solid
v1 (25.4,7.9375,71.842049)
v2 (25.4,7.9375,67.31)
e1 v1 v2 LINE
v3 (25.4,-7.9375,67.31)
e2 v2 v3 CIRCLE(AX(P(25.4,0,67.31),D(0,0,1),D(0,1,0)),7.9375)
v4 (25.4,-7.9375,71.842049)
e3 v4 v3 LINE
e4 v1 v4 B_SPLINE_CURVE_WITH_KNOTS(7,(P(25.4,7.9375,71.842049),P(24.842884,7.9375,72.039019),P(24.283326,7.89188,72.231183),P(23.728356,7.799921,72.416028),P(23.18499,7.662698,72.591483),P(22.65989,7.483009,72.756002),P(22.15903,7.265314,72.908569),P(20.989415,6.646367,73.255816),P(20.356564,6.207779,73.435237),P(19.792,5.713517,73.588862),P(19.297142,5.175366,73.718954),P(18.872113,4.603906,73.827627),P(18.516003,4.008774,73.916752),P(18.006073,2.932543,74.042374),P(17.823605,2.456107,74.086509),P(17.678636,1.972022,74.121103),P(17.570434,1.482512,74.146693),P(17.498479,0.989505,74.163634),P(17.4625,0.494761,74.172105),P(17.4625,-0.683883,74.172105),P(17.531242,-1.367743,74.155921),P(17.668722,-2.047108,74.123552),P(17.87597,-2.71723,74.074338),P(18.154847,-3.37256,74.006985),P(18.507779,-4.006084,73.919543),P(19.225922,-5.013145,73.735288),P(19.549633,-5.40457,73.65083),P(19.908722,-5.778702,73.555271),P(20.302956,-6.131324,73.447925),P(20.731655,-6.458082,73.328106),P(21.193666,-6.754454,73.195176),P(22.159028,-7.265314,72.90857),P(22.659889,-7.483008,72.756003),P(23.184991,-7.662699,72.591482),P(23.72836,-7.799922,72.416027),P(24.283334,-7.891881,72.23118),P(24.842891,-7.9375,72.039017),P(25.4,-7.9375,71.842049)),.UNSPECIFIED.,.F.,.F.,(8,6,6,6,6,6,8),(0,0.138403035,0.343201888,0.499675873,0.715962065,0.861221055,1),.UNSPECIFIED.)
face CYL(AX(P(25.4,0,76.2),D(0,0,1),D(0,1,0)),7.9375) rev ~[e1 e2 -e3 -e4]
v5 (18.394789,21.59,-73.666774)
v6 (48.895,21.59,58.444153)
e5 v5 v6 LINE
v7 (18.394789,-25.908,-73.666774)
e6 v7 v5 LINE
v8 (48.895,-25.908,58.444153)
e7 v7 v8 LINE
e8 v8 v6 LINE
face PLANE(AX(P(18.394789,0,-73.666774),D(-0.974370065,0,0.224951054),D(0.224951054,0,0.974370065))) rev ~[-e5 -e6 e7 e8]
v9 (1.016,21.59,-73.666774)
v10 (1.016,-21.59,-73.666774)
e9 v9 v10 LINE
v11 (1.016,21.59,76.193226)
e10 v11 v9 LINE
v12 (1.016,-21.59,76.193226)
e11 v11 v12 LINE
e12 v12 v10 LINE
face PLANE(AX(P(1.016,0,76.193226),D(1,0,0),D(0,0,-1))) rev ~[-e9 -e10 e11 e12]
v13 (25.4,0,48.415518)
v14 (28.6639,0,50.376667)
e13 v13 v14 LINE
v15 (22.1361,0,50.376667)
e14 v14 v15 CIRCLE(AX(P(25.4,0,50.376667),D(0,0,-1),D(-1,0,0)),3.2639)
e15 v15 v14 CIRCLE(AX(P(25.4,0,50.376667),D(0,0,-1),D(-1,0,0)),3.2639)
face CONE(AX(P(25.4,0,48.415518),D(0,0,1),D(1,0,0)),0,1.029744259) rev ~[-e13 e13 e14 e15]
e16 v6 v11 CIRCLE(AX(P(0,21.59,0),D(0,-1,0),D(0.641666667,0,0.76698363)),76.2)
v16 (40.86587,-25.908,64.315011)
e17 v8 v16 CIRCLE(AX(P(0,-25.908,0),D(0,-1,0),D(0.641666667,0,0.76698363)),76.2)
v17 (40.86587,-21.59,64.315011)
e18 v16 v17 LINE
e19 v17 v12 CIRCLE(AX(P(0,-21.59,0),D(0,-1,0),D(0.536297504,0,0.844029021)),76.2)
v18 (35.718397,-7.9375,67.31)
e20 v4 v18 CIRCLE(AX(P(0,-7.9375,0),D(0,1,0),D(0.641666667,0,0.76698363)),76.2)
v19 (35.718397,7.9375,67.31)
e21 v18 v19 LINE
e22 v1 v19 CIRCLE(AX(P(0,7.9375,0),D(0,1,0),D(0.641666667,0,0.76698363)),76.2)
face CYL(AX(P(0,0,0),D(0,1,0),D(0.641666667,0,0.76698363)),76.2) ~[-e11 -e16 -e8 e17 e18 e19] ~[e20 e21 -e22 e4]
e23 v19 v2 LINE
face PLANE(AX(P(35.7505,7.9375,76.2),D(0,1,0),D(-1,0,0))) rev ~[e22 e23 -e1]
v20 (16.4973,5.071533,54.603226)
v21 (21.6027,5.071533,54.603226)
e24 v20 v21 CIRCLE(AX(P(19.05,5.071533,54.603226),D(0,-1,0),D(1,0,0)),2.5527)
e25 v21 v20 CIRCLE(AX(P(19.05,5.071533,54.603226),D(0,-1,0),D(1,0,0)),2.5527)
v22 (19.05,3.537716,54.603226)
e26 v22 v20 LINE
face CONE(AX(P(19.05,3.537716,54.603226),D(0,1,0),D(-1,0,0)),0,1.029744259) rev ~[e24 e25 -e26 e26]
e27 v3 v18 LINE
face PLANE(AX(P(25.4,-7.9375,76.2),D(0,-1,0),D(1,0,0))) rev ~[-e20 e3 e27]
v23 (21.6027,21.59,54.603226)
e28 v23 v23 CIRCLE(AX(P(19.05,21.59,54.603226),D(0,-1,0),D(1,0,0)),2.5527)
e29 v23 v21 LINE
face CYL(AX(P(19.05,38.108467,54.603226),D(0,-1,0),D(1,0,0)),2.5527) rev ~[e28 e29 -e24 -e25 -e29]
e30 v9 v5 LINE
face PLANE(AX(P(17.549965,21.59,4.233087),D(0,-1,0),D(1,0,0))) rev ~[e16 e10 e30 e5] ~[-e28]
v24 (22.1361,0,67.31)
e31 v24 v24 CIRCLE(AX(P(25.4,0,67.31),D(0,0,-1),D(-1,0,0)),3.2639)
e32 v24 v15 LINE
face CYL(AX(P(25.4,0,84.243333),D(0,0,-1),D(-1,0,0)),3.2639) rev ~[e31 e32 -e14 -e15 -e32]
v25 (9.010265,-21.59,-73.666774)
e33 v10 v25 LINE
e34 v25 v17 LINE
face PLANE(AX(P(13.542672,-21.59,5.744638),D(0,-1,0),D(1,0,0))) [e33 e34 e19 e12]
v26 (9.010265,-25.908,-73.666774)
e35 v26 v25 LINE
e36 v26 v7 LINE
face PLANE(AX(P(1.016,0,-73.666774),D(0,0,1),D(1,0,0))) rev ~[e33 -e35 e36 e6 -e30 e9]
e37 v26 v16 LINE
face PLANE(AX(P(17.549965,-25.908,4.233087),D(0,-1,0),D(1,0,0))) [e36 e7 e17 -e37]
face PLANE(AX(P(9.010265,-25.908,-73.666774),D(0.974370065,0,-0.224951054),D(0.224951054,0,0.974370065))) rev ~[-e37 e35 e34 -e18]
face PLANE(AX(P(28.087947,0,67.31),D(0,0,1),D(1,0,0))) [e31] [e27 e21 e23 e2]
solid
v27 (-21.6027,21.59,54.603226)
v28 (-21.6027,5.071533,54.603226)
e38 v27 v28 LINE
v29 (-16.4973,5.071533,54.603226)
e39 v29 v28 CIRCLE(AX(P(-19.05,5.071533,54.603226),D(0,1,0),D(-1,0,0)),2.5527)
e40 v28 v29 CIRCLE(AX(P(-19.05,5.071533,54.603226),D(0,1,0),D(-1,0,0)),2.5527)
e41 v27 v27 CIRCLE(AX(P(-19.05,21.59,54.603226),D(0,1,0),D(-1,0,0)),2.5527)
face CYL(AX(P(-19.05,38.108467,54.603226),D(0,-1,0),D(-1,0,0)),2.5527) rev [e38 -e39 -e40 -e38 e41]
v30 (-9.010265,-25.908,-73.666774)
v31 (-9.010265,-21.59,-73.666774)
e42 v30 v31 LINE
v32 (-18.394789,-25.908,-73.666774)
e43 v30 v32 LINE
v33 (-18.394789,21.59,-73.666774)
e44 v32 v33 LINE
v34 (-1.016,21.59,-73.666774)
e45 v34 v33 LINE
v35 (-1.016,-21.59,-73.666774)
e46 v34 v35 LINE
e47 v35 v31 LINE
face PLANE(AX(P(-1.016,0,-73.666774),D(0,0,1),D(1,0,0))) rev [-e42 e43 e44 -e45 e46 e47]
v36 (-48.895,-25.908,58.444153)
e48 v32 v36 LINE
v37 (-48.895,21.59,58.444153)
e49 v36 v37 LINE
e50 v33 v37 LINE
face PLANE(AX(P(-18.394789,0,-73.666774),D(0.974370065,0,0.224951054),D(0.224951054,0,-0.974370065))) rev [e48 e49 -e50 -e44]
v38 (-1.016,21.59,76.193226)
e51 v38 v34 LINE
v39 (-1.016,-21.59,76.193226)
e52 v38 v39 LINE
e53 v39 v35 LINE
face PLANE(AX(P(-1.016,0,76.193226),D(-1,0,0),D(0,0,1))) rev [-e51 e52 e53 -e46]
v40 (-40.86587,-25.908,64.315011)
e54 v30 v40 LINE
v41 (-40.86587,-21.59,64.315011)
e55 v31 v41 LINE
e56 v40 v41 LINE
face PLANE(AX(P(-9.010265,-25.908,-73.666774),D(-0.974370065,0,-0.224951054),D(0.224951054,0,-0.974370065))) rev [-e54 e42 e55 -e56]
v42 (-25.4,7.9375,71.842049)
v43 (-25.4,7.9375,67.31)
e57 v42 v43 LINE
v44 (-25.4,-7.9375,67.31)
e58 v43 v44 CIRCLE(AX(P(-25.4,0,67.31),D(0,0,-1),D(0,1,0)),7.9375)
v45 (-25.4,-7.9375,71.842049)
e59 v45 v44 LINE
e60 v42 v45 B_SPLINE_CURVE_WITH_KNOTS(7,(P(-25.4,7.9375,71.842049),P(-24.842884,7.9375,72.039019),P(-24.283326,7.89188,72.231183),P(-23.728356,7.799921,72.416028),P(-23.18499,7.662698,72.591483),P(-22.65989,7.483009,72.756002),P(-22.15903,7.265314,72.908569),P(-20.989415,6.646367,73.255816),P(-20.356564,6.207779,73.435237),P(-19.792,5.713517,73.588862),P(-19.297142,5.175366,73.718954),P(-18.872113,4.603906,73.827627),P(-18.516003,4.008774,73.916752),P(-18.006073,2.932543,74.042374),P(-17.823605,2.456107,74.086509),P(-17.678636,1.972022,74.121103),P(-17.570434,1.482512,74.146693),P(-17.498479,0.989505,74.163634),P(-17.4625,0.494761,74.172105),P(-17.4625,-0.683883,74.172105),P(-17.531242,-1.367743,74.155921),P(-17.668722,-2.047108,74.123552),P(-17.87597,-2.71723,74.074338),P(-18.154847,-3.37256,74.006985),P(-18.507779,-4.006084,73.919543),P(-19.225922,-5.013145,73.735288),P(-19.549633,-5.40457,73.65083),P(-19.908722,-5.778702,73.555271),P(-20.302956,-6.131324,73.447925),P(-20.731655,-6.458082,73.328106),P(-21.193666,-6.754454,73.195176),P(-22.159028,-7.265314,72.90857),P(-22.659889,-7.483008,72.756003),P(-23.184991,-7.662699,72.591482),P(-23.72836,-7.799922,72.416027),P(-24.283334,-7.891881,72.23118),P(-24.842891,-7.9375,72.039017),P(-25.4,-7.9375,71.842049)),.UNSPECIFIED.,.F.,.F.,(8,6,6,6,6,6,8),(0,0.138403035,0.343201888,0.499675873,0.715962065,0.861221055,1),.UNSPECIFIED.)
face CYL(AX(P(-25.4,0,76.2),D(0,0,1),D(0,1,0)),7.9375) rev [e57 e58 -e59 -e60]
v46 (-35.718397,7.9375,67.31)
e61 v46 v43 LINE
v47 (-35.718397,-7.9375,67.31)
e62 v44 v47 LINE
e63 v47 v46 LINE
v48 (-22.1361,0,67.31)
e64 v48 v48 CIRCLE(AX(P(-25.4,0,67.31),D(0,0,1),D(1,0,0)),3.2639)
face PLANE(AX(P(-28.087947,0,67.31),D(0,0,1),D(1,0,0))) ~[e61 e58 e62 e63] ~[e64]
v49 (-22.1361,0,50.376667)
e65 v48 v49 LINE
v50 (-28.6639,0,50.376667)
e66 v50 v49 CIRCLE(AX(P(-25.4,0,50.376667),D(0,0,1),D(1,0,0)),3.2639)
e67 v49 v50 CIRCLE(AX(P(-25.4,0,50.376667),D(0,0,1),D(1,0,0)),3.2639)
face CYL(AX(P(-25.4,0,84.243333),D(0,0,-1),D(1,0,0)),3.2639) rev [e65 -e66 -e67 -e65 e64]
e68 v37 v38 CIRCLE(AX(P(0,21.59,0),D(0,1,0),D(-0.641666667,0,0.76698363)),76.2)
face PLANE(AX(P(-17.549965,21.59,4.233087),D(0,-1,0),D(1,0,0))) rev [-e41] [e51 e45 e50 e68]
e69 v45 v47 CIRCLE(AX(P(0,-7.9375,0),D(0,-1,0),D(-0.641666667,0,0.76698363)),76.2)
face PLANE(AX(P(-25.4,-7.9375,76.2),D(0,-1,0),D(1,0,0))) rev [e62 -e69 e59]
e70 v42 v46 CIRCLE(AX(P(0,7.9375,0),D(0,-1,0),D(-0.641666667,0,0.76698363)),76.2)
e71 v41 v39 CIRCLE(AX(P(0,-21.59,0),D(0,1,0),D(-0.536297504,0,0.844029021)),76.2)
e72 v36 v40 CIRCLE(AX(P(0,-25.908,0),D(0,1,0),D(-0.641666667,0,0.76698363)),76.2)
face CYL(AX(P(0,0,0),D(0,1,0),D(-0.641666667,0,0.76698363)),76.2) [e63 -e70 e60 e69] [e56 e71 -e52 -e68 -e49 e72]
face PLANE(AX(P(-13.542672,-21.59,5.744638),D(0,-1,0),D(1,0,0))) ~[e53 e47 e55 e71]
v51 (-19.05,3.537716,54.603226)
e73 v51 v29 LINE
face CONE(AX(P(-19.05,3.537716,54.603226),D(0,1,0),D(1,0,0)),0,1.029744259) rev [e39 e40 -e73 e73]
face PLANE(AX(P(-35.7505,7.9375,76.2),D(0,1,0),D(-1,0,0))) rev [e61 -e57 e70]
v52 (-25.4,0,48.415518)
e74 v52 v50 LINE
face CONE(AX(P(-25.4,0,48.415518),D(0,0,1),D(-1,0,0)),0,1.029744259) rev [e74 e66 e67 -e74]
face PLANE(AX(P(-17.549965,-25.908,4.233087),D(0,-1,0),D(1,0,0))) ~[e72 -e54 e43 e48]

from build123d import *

# Parameters (mm, degrees)
F1_DEPTH      = 21.59
F1_DEPTH_BACK = 25.908
F3_DEPTH      = 4.318
F6_DEPTH      = 8.89
F8_D          = 6.5278
F8_DEPTH      = 16.9333333333
F8_TIP        = 1.9611489744
F10_D         = 5.1054
F10_DEPTH     = 16.5184666667
F10_TIP       = 1.5338169022


with BuildPart() as f1:
    # F0 (on Front) → F1 (new body, two sides)
    with BuildSketch(Plane.XZ) as f1_sk:
        with BuildLine():
            ThreePointArc((48.895, 58.444152616), (26.4864943885, 71.4486222051), (1.016, 76.1932263656))
            Line((1.016, 76.1932263656), (1.016, -73.6667736344))
            Line((1.016, -73.6667736344), (18.3947894287, -73.6667736344))
            Line((18.3947894287, -73.6667736344), (48.895, 58.444152616))
        make_face()
    extrude(amount=-F1_DEPTH)
    extrude(f1_sk.sketch, amount=F1_DEPTH_BACK)

    # F2 (on face) → F3 (cut)
    with BuildSketch(Plane.XZ.offset(25.908)):
        with BuildLine():
            Line((1.016, -73.6667736344), (9.010264667, -73.6667736344))
            Line((9.010264667, -73.6667736344), (40.8658697787, 64.3150113677))
            ThreePointArc((40.8658697787, 64.3150113677), (21.7668498392, 73.0249563374), (1.016, 76.1932263656))
            Line((1.016, 76.1932263656), (1.016, -73.6667736344))
        make_face()
    extrude(amount=-F3_DEPTH, mode=Mode.SUBTRACT)

    # F5 (on offset) → F6 (cut)
    with BuildSketch(Plane.XY.offset(76.2)):
        with BuildLine():
            Line((35.7505, -7.9375), (35.7505, 7.9375))
            Line((35.7505, 7.9375), (25.4, 7.9375))
            ThreePointArc((25.4, 7.9375), (17.4625, 0), (25.4, -7.9375))
            Line((25.4, -7.9375), (35.7505, -7.9375))
        make_face()
    extrude(amount=-F6_DEPTH, mode=Mode.SUBTRACT)

    # F8
    with Locations(Plane.XY.offset(67.31)):
        with Locations((25.4, 0)):
            Hole(F8_D / 2, depth=F8_DEPTH)
            with Locations((0, 0, -(F8_DEPTH + F8_TIP / 2))):  # 118° drill point
                Cone(0, F8_D / 2, F8_TIP, mode=Mode.SUBTRACT)

    # F10
    with Locations(Plane(origin=(0, 21.59, 0), x_dir=(-1, 0, 0), z_dir=(0, 1, 0))):
        with Locations((-19.05, 54.6032263656)):
            Hole(F10_D / 2, depth=F10_DEPTH)
            with Locations((0, 0, -(F10_DEPTH + F10_TIP / 2))):  # 118° drill point
                Cone(0, F10_D / 2, F10_TIP, mode=Mode.SUBTRACT)


with BuildPart() as f11_1:
    # F11: instance of F1
    add(f1.part.mirror(Plane.YZ))


solid = Compound([f1.part, f11_1.part])
